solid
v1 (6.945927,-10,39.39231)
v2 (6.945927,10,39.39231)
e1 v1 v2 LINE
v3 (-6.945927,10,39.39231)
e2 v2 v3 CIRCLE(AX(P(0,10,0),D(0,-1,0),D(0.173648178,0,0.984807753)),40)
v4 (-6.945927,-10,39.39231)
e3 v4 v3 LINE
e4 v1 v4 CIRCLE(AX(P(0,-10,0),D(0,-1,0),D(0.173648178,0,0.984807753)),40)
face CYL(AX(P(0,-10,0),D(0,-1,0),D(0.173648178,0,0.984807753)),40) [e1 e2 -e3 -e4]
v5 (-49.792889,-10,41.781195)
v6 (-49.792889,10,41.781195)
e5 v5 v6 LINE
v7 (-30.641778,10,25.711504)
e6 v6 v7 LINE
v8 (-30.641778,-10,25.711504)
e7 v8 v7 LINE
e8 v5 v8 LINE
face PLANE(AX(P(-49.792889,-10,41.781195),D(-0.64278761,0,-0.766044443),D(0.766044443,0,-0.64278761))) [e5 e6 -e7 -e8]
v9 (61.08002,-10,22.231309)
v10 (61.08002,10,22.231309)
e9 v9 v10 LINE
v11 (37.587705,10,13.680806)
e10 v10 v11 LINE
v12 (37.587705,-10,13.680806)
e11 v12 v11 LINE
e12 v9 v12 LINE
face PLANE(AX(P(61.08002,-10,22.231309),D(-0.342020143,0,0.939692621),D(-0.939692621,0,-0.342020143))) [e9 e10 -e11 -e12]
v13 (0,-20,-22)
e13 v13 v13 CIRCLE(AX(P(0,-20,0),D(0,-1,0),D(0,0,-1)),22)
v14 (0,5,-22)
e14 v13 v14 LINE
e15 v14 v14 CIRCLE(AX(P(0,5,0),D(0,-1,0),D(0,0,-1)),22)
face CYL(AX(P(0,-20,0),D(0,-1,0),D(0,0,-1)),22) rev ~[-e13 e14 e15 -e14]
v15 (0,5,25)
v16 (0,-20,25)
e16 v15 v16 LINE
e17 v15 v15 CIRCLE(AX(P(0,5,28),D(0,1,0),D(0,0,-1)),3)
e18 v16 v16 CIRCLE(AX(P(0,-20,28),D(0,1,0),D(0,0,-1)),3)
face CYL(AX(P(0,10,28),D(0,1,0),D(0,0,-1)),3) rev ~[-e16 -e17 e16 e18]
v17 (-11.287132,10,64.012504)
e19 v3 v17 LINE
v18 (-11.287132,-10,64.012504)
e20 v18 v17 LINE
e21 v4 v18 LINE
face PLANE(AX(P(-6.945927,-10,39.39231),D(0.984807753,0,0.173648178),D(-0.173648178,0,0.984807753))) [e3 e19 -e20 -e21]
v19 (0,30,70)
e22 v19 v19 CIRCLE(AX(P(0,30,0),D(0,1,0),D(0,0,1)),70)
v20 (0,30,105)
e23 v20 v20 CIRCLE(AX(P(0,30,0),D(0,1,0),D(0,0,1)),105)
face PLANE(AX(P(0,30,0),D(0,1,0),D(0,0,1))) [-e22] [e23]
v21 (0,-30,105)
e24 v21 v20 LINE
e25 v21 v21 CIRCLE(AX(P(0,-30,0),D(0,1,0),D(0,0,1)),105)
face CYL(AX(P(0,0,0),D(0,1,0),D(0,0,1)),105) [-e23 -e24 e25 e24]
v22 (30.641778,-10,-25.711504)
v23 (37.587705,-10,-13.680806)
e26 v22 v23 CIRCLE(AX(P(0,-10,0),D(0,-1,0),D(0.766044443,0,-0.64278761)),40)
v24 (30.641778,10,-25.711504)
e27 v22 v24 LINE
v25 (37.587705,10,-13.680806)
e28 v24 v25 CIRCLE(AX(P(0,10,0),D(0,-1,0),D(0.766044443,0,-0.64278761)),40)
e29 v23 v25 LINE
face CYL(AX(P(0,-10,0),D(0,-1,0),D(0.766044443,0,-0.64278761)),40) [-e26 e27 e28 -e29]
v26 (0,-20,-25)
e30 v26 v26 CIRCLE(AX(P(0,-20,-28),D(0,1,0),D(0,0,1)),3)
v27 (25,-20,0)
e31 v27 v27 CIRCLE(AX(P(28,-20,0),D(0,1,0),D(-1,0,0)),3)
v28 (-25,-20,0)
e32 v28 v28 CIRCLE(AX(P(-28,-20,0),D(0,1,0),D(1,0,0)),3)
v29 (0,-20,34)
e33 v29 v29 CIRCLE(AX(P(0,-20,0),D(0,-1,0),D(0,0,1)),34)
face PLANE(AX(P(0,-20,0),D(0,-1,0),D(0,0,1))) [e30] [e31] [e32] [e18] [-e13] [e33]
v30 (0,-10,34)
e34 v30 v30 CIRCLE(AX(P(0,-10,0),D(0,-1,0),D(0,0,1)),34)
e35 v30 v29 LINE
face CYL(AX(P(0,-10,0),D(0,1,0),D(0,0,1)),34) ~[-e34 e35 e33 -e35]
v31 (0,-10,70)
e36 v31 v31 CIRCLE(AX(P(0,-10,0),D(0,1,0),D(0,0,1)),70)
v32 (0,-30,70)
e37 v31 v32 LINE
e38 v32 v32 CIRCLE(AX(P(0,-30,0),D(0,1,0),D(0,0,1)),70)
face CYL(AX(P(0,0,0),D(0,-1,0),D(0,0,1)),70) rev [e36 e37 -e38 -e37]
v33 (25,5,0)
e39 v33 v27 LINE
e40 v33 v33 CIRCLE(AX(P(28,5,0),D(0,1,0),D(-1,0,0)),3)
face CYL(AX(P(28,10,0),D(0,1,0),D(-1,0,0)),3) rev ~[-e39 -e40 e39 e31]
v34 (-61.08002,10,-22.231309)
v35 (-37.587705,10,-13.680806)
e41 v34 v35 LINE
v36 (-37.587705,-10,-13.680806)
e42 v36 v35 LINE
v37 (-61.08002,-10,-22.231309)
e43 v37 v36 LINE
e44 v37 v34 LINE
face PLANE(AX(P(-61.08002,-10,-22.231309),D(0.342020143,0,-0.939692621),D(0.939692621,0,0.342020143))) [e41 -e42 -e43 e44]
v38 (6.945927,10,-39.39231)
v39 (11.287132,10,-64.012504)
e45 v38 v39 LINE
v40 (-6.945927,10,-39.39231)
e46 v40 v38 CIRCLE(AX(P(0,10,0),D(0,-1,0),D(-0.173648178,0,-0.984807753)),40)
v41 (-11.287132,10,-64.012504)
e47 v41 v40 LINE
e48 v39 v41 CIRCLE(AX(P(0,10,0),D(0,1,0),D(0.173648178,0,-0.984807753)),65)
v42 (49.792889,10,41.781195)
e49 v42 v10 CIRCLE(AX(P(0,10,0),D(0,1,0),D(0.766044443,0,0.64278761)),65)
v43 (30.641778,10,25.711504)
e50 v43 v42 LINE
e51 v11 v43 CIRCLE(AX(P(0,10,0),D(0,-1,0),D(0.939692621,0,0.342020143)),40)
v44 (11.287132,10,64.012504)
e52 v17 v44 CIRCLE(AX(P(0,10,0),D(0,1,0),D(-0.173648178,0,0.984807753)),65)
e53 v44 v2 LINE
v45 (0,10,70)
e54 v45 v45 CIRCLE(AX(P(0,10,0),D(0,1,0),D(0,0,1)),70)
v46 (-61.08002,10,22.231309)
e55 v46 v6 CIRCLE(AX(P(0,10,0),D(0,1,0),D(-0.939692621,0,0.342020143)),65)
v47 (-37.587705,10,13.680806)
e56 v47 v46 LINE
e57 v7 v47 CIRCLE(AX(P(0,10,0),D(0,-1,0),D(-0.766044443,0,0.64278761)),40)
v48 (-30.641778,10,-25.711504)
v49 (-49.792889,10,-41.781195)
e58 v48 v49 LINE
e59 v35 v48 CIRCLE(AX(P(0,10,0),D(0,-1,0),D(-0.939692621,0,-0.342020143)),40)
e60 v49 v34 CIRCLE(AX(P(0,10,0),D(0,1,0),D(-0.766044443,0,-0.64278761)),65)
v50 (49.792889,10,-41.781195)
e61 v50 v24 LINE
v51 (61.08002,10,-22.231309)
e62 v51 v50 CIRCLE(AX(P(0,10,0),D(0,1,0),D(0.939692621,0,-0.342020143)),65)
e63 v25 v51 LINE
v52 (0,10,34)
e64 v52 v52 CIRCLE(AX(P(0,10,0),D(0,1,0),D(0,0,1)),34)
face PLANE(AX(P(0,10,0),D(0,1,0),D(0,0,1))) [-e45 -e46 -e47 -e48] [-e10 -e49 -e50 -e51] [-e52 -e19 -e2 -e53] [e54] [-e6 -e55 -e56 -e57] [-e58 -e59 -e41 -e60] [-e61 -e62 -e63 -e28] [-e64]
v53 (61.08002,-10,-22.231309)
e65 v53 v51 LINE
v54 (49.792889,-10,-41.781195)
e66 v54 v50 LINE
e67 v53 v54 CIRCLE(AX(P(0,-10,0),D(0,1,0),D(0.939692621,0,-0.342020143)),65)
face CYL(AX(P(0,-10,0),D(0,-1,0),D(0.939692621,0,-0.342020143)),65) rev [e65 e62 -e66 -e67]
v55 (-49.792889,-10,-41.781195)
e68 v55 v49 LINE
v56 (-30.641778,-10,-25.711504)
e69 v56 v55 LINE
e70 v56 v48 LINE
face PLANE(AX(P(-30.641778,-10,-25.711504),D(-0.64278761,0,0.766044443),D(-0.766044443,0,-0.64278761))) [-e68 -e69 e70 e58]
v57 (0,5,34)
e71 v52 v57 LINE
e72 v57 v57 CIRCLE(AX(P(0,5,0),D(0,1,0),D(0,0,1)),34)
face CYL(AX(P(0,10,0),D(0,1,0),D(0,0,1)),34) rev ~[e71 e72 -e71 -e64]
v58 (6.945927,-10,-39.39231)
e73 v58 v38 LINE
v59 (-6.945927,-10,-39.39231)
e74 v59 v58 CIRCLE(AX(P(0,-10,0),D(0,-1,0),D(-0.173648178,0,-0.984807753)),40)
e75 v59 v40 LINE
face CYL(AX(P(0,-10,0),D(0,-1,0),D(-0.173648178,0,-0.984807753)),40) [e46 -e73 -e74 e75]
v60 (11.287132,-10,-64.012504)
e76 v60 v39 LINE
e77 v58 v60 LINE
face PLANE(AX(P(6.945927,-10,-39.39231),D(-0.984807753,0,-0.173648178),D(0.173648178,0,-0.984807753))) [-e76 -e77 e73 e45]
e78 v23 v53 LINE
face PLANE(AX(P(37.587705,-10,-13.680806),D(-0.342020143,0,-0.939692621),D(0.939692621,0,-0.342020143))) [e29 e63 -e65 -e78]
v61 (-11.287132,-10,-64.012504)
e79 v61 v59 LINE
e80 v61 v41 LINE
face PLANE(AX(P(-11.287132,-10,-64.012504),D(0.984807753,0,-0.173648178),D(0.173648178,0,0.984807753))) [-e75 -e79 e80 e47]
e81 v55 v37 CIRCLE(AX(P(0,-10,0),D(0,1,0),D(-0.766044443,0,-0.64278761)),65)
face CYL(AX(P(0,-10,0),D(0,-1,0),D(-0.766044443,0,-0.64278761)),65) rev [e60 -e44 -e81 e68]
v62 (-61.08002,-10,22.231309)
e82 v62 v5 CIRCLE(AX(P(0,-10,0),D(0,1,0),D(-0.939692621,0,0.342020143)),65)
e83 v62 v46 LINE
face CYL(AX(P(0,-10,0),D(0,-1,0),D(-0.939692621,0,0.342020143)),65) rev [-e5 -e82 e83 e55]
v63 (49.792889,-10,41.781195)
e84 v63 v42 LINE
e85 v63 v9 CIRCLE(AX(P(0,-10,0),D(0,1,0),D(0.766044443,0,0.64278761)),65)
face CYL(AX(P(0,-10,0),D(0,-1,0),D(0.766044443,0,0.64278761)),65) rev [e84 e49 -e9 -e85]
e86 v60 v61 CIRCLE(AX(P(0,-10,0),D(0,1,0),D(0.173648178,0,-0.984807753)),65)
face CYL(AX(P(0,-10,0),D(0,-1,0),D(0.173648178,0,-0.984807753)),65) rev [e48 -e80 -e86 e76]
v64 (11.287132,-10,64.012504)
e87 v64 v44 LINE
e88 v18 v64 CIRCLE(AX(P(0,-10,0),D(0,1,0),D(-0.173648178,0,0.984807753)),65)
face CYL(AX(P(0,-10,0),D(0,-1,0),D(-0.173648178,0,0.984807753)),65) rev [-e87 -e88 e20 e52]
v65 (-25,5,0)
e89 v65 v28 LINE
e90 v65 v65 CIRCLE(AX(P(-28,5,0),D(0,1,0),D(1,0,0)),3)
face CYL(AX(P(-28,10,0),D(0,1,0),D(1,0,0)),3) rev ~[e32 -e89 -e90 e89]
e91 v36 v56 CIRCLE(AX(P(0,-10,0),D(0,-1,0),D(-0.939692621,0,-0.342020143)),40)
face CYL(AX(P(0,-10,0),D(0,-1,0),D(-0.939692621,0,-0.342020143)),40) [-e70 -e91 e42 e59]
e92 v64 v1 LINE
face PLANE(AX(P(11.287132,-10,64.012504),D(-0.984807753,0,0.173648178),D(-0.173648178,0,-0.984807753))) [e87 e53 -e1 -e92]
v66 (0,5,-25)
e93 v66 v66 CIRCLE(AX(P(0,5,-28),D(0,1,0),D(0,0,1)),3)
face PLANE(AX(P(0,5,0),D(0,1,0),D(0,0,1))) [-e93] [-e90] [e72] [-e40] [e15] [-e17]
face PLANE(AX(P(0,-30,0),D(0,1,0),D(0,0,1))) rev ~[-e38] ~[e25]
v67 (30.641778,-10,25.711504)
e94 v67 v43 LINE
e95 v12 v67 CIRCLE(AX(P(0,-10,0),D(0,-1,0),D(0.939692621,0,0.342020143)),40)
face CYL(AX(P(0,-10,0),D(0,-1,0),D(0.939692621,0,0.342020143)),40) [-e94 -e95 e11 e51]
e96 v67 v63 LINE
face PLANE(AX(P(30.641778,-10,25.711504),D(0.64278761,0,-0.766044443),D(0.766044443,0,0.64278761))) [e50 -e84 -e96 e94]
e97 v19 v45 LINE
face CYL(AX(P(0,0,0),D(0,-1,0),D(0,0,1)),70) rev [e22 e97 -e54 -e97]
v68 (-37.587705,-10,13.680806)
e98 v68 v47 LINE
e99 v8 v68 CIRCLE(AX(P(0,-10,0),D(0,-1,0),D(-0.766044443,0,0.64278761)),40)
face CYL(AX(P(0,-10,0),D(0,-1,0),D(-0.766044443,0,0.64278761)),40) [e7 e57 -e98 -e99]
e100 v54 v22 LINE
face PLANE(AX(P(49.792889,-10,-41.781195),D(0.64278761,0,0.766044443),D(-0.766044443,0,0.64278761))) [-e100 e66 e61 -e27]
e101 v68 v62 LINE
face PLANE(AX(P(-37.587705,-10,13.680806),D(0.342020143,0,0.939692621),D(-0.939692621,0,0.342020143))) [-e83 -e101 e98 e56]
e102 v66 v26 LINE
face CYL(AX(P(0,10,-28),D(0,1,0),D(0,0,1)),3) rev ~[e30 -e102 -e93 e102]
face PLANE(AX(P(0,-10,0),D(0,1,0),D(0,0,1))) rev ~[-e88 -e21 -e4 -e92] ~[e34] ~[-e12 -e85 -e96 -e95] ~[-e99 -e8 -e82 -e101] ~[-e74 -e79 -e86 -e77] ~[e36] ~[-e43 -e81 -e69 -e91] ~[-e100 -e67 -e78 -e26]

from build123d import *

# Parameters (mm, degrees)
SKETCH_1_R               = 70
EXTRUDE_1_DEPTH          = 10
SKETCH_3_R               = 105
SKETCH_3_R_2             = 70
EXTRUDE_3_DEPTH          = 30
SKETCH_6_R               = 34
EXTRUDE_4_DEPTH          = 10
SKETCH_7_R               = 22
CUT_EXTRUDE_1_DEPTH      = 30
CUT_EXTRUDE_2_DEPTH      = 20
PATTERN_CIRCULAR_1_COUNT = 6
SKETCH_10_R              = 3
CUT_EXTRUDE_4_DEPTH      = 30
PATTERN_CIRCULAR_2_COUNT = 4
SKETCH_15_R              = 34
CUT_EXTRUDE_6_DEPTH      = 5


with BuildPart() as part:
    # 草图1 → 凸台-拉伸1 (new, symmetric)
    with BuildSketch(Plane(origin=(0, 0, 0), x_dir=(1, 0, 0), z_dir=(0, 1, 0))):
        with Locations(Location((0, 0, 0), (0, 0, 270))):
            Circle(SKETCH_1_R)
    extrude(amount=EXTRUDE_1_DEPTH, both=True)

    # 草图3 → 凸台-拉伸3 (add, symmetric)
    with BuildSketch(Plane(origin=(0, 0, 0), x_dir=(1, 0, 0), z_dir=(0, 1, 0))):
        with Locations(Location((0, 0, 0), (0, 0, 270))):
            Circle(SKETCH_3_R)
        with Locations(Location((0, 0, 0), (0, 0, 270))):
            Circle(SKETCH_3_R_2, mode=Mode.SUBTRACT)
    extrude(amount=EXTRUDE_3_DEPTH, both=True)

    # 草图6 → 凸台-拉伸4 (add)
    with BuildSketch(Plane.XZ.offset(10)):
        with Locations(Location((0, 0, 0), (0, 0, 90))):
            Circle(SKETCH_6_R)
    extrude(amount=EXTRUDE_4_DEPTH)

    # 草图7 → 切除-拉伸1 (cut)
    with BuildSketch(Plane.XZ.offset(20)):
        with Locations(Location((0, 0, 0), (0, 0, 270))):
            Circle(SKETCH_7_R)
    extrude(amount=-CUT_EXTRUDE_1_DEPTH, mode=Mode.SUBTRACT)

    # 草图8 → 切除-拉伸2 (cut)
    with BuildSketch(Plane.XZ.offset(10)):
        with BuildLine():
            Line((-6.945927107, 39.39231012), (-11.287131548, 64.012503946))
            ThreePointArc((-11.287131548, 64.012503946), (0, 65), (11.287131548, 64.012503946))
            Line((11.287131548, 64.012503946), (6.945927107, 39.39231012))
            ThreePointArc((6.945927107, 39.39231012), (0, 40), (-6.945927107, 39.39231012))
        make_face()
    cut_extrude_2 = extrude(amount=-CUT_EXTRUDE_2_DEPTH, mode=Mode.SUBTRACT)

    # 阵列(圆周)1: 切除-拉伸2 ×6 about axis
    pattern_circular_1_axis = Axis((0, 0, 0), (0, 1, 0))
    for i in range(1, PATTERN_CIRCULAR_1_COUNT):
        add(cut_extrude_2.rotate(pattern_circular_1_axis, i * 360 / PATTERN_CIRCULAR_1_COUNT), mode=Mode.SUBTRACT)

    # 草图10 → 切除-拉伸4 (cut)
    with BuildSketch(Plane(origin=(0, 10, 0), x_dir=(1, 0, 0), z_dir=(0, 1, 0))):
        with Locations(Location((0, 28, 0), (0, 0, 270))):
            Circle(SKETCH_10_R)
    cut_extrude_4 = extrude(amount=-CUT_EXTRUDE_4_DEPTH, mode=Mode.SUBTRACT)

    # 阵列(圆周)2: 切除-拉伸4 ×4 about axis
    pattern_circular_2_axis = Axis((0, 0, 0), (0, 1, 0))
    for i in range(1, PATTERN_CIRCULAR_2_COUNT):
        add(cut_extrude_4.rotate(pattern_circular_2_axis, i * 360 / PATTERN_CIRCULAR_2_COUNT), mode=Mode.SUBTRACT)

    # 草图15 → 切除-拉伸6 (cut)
    with BuildSketch(Plane(origin=(0, 10, 0), x_dir=(1, 0, 0), z_dir=(0, 1, 0))):
        with Locations(Location((0, 0, 0), (0, 0, 270))):
            Circle(SKETCH_15_R)
    extrude(amount=-CUT_EXTRUDE_6_DEPTH, mode=Mode.SUBTRACT)


solid = part.part
